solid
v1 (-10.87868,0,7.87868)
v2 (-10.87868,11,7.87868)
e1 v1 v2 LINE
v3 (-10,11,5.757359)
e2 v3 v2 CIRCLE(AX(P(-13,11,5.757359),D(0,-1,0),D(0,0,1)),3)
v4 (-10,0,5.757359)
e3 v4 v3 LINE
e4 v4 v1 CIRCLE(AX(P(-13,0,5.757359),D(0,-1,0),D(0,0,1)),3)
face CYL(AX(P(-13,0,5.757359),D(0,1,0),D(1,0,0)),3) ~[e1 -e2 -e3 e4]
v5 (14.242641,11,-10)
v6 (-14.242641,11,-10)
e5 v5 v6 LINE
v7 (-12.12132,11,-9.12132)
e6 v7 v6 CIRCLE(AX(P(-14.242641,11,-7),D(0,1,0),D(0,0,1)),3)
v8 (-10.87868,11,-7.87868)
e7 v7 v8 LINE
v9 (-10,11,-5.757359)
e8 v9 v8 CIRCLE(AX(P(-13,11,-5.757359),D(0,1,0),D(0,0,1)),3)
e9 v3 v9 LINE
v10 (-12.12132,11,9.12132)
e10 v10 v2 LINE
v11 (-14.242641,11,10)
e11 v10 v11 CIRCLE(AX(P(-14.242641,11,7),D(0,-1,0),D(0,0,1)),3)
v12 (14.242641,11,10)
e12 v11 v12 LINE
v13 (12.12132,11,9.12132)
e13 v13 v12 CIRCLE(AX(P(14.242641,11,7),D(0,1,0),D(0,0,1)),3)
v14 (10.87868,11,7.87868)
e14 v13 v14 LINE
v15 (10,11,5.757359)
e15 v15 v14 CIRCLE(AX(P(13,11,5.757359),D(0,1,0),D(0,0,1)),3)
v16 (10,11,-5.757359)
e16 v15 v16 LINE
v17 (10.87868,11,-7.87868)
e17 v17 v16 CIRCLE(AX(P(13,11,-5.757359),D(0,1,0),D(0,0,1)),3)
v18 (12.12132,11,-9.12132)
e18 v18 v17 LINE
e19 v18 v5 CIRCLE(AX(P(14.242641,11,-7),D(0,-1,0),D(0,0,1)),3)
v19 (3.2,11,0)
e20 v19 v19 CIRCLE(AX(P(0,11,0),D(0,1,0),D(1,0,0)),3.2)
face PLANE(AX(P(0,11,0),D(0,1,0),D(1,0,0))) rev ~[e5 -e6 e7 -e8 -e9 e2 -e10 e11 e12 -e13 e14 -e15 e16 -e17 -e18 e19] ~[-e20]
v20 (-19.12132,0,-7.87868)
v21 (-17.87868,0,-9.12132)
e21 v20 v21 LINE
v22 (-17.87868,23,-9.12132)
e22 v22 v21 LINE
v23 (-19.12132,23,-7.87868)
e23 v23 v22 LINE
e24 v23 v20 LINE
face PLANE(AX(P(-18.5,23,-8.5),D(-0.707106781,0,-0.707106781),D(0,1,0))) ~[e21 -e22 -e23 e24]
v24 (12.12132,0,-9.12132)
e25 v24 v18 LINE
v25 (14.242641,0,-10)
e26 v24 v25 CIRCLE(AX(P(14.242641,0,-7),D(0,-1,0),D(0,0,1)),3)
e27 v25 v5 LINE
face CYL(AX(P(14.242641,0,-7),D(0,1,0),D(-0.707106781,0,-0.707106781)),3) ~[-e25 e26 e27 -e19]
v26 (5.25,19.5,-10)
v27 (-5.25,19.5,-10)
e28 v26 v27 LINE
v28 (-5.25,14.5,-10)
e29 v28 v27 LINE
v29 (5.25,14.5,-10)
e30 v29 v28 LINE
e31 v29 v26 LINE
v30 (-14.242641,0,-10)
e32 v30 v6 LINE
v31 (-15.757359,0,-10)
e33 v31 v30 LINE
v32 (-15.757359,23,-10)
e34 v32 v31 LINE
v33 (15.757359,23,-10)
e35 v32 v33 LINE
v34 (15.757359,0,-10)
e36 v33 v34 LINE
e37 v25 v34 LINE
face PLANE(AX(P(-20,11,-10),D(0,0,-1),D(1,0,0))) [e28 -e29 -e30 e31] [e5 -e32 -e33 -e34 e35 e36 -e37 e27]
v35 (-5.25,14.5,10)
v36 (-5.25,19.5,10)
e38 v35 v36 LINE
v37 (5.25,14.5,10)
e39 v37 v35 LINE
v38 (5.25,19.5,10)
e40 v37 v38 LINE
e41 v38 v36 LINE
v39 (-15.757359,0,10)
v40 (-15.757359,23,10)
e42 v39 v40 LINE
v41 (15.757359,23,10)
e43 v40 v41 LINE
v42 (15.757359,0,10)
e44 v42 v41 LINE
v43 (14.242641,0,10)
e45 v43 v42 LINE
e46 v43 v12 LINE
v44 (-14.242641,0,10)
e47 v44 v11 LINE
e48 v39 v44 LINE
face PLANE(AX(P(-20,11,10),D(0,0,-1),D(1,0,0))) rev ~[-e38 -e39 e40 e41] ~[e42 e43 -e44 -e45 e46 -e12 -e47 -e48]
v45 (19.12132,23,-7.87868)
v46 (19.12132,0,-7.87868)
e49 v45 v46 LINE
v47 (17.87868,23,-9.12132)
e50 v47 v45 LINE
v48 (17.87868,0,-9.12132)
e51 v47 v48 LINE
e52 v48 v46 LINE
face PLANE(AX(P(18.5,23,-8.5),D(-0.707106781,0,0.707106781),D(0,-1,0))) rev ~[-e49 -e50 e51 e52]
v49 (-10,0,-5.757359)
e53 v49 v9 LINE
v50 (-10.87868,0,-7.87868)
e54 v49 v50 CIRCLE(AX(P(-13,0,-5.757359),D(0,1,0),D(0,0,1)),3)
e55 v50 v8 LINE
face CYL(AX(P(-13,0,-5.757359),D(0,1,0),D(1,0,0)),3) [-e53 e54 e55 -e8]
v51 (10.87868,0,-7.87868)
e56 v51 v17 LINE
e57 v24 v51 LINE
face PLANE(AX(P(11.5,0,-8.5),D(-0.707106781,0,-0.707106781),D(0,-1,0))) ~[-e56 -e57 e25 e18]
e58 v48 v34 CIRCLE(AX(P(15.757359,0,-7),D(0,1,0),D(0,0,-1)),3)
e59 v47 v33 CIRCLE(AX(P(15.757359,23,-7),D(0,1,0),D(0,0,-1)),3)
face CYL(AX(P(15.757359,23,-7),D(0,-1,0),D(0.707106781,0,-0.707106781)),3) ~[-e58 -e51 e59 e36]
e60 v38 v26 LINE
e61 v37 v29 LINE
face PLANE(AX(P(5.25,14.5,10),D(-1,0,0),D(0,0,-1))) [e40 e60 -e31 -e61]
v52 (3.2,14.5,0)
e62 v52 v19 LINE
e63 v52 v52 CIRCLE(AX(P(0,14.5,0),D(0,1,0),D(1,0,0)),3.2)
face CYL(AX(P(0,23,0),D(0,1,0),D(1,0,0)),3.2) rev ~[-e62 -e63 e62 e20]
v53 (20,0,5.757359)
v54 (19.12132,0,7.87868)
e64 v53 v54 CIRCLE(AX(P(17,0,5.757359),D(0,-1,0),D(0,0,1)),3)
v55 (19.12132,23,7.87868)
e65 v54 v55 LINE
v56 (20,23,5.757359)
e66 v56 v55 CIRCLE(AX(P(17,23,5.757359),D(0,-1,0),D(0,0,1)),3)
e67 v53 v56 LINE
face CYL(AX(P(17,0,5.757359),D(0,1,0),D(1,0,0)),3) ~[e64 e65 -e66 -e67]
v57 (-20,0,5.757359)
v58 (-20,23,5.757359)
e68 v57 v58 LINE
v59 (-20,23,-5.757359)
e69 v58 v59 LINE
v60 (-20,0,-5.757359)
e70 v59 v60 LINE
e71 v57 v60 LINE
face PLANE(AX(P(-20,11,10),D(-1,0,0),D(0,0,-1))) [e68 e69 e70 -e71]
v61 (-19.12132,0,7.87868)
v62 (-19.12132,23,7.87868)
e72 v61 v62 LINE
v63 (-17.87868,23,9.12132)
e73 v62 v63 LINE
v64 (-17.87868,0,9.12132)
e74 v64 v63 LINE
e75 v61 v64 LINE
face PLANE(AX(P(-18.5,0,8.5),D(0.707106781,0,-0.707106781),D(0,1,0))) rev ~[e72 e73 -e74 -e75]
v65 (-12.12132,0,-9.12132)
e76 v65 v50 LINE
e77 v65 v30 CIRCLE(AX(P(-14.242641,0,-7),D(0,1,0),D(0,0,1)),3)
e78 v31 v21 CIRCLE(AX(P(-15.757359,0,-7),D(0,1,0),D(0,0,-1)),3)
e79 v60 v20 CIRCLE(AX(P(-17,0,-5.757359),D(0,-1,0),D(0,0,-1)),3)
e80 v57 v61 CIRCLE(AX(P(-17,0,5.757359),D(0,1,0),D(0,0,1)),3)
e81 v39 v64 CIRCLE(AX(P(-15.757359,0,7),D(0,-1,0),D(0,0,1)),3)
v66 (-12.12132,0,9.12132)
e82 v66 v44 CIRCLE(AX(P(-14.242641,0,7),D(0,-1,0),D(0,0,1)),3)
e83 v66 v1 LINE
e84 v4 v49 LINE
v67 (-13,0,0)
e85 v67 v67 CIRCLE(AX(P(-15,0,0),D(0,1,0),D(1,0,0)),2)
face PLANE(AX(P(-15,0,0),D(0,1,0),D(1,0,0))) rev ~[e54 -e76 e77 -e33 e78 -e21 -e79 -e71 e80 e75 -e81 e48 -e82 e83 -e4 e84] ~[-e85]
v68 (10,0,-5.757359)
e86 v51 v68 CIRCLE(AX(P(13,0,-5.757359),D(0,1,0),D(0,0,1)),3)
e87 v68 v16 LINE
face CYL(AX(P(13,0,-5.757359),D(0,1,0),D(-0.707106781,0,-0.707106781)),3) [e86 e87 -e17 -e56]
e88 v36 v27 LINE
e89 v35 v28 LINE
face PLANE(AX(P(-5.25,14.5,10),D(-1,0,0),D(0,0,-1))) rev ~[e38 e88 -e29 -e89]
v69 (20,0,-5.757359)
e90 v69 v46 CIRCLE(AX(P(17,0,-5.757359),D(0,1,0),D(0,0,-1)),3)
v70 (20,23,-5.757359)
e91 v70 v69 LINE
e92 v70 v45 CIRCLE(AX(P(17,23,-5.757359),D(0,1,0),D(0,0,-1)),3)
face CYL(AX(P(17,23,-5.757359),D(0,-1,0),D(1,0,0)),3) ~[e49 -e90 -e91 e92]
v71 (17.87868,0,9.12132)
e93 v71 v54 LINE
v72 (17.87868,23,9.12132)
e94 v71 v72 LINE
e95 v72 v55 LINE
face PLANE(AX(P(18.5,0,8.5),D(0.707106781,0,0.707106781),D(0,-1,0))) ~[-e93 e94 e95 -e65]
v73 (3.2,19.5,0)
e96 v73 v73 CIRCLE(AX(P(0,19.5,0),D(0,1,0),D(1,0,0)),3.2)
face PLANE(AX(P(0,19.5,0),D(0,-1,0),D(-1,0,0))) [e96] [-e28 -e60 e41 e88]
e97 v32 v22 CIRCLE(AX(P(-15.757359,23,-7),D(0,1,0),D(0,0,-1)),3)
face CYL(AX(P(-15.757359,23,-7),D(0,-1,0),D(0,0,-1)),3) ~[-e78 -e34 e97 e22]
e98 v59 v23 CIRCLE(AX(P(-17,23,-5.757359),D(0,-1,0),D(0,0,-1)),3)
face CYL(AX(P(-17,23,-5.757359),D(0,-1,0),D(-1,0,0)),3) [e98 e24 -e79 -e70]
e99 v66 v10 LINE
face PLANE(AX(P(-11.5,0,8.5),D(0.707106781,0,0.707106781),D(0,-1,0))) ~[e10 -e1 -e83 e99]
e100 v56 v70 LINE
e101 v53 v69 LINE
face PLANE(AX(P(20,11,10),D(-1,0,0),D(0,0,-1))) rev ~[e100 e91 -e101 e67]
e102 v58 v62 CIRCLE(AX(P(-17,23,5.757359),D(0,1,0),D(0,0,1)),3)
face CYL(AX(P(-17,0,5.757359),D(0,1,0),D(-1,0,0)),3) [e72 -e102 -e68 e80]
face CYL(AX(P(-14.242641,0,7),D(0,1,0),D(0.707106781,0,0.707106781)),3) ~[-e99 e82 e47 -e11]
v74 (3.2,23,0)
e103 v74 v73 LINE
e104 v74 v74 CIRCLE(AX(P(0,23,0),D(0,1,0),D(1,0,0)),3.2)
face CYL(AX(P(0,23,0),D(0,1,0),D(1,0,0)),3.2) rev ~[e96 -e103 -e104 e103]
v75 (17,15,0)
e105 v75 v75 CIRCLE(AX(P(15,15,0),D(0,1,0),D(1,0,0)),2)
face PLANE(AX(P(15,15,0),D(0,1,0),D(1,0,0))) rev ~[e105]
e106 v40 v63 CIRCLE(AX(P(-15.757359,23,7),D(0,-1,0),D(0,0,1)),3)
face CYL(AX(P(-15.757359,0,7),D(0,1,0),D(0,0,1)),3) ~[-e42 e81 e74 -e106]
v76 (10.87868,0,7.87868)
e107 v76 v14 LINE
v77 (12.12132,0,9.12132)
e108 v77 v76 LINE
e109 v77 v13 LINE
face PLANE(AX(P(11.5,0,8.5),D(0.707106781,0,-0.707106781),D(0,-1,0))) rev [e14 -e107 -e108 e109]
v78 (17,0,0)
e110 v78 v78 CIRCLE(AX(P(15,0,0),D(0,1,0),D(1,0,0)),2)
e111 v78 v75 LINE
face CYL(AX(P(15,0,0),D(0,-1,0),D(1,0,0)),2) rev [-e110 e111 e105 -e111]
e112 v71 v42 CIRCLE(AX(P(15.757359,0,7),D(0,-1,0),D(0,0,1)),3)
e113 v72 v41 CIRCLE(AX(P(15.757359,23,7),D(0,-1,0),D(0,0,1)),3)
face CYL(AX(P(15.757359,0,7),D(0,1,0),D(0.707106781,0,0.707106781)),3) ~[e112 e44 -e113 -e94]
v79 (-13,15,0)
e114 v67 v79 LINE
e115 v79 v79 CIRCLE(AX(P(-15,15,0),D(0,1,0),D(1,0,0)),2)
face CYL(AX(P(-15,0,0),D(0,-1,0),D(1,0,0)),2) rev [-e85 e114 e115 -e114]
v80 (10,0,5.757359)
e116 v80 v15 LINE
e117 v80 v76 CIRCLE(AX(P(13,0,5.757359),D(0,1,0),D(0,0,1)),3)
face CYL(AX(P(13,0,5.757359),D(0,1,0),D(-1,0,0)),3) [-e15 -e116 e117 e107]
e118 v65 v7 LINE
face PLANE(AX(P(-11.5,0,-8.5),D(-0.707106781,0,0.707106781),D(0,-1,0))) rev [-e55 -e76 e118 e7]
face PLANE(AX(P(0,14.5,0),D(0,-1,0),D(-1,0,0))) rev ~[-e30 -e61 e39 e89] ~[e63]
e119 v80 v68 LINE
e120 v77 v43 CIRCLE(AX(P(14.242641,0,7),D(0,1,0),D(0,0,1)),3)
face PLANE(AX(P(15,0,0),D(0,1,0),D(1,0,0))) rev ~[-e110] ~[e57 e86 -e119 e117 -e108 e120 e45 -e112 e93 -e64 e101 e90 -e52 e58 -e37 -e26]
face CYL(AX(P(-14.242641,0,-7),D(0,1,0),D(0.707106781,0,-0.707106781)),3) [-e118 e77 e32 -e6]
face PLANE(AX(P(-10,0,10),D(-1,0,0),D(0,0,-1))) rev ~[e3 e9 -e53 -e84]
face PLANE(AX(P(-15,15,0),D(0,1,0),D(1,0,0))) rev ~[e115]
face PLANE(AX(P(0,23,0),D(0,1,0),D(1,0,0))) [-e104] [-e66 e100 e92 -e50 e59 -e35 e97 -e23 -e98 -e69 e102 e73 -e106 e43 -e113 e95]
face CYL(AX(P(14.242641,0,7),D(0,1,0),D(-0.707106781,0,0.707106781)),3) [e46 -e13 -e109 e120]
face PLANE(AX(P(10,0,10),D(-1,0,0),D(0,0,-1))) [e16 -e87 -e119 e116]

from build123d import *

# Parameters (mm, degrees)
ESQUISSE1_W             = 10
ESQUISSE1_H             = 20
BOSS_EXTRU_1_DEPTH      = 11
BOSS_EXTRU_1_2_DEPTH    = 11
ESQUISSE3_W             = 40
ESQUISSE3_H             = 20
BOSS_EXTRU_2_DEPTH      = 12
ESQUISSE4_R             = 3.2
ENL_V_MAT_EXTRU_1_DEPTH = 12
ESQUISSE1_3_R           = 2
ENL_V_MAT_EXTRU_3_DEPTH = 15
CHANFREIN1_SIZE         = 3
CONG_1_R                = 3
ESQUISSE6_W             = 10.5
ESQUISSE6_H             = 20
ENL_V_MAT_EXTRU_5_DEPTH = 5


with BuildPart() as part:
    # Esquisse1 → Boss.-Extru.1 (new body)
    with BuildSketch(Plane(origin=(0, 0, 0), x_dir=(1, 0, 0), z_dir=(0, 1, 0))):
        with Locations((-15, 0)):
            Rectangle(ESQUISSE1_W, ESQUISSE1_H)
    extrude(amount=BOSS_EXTRU_1_DEPTH)



with BuildPart() as body_2:
    # Esquisse1 → Boss.-Extru.1 2 (new body)
    with BuildSketch(Plane(origin=(0, 0, 0), x_dir=(1, 0, 0), z_dir=(0, 1, 0))):
        with Locations((15, 0)):
            Rectangle(ESQUISSE1_W, ESQUISSE1_H)
    extrude(amount=BOSS_EXTRU_1_2_DEPTH)


with BuildPart() as part_1:
    add(part.part)

    add(body_2.part)  # Boss.-Extru.2 merges body 2
    # Esquisse3 → Boss.-Extru.2 (add)
    with BuildSketch(Plane(origin=(0, 11, 0), x_dir=(1, 0, 0), z_dir=(0, 1, 0))):
        Rectangle(ESQUISSE3_W, ESQUISSE3_H)
    extrude(amount=BOSS_EXTRU_2_DEPTH)

    # Esquisse4 → Enl_v. mat.-Extru.1 (cut)
    with BuildSketch(Plane(origin=(0, 23, 0), x_dir=(1, 0, 0), z_dir=(0, 1, 0))):
        Circle(ESQUISSE4_R)
    extrude(amount=-ENL_V_MAT_EXTRU_1_DEPTH, mode=Mode.SUBTRACT)

    # Esquisse1_3 → Enl_v. mat.-Extru.3 (cut)
    with BuildSketch(Plane(origin=(0, 0, 0), x_dir=(1, 0, 0), z_dir=(0, 1, 0))):
        with Locations((-15, 0)):
            Circle(ESQUISSE1_3_R)
        with Locations((15, 0)):
            Circle(ESQUISSE1_3_R)
    extrude(amount=ENL_V_MAT_EXTRU_3_DEPTH, mode=Mode.SUBTRACT)

    # Chanfrein1
    chanfrein1_edges = [part_1.edges().sort_by_distance(p)[0] for p in [
        (20, 11.5, 10),
        (20, 11.5, -10),
        (10, 5.5, -10),
        (10, 5.5, 10),
        (-20, 11.5, 10),
        (-20, 11.5, -10),
        (-10, 5.5, -10),
        (-10, 5.5, 10),
    ]]
    chamfer(chanfrein1_edges, length=CHANFREIN1_SIZE)

    # Cong_1
    cong_1_edges = [part_1.edges().sort_by_distance(p)[0] for p in [
        (10, 5.5, 7),
        (10, 5.5, -7),
        (-17, 11.5, -10),
        (-13, 5.5, -10),
        (17, 11.5, -10),
        (13, 5.5, -10),
        (20, 11.5, 7),
        (20, 11.5, -7),
        (-17, 11.5, 10),
        (17, 11.5, 10),
        (-13, 5.5, 10),
        (13, 5.5, 10),
        (-10, 5.5, 7),
        (-10, 5.5, -7),
        (-20, 11.5, 7),
        (-20, 11.5, -7),
    ]]
    fillet(cong_1_edges, radius=CONG_1_R)

    # Esquisse6 → Enl_v. mat.-Extru.5 (cut)
    with BuildSketch(Plane(origin=(0, 14.5, 0), x_dir=(-1, 0, 0), z_dir=(0, -1, 0))):
        Rectangle(ESQUISSE6_W, ESQUISSE6_H)
    extrude(amount=-ENL_V_MAT_EXTRU_5_DEPTH, mode=Mode.SUBTRACT)


solid = part_1.part
